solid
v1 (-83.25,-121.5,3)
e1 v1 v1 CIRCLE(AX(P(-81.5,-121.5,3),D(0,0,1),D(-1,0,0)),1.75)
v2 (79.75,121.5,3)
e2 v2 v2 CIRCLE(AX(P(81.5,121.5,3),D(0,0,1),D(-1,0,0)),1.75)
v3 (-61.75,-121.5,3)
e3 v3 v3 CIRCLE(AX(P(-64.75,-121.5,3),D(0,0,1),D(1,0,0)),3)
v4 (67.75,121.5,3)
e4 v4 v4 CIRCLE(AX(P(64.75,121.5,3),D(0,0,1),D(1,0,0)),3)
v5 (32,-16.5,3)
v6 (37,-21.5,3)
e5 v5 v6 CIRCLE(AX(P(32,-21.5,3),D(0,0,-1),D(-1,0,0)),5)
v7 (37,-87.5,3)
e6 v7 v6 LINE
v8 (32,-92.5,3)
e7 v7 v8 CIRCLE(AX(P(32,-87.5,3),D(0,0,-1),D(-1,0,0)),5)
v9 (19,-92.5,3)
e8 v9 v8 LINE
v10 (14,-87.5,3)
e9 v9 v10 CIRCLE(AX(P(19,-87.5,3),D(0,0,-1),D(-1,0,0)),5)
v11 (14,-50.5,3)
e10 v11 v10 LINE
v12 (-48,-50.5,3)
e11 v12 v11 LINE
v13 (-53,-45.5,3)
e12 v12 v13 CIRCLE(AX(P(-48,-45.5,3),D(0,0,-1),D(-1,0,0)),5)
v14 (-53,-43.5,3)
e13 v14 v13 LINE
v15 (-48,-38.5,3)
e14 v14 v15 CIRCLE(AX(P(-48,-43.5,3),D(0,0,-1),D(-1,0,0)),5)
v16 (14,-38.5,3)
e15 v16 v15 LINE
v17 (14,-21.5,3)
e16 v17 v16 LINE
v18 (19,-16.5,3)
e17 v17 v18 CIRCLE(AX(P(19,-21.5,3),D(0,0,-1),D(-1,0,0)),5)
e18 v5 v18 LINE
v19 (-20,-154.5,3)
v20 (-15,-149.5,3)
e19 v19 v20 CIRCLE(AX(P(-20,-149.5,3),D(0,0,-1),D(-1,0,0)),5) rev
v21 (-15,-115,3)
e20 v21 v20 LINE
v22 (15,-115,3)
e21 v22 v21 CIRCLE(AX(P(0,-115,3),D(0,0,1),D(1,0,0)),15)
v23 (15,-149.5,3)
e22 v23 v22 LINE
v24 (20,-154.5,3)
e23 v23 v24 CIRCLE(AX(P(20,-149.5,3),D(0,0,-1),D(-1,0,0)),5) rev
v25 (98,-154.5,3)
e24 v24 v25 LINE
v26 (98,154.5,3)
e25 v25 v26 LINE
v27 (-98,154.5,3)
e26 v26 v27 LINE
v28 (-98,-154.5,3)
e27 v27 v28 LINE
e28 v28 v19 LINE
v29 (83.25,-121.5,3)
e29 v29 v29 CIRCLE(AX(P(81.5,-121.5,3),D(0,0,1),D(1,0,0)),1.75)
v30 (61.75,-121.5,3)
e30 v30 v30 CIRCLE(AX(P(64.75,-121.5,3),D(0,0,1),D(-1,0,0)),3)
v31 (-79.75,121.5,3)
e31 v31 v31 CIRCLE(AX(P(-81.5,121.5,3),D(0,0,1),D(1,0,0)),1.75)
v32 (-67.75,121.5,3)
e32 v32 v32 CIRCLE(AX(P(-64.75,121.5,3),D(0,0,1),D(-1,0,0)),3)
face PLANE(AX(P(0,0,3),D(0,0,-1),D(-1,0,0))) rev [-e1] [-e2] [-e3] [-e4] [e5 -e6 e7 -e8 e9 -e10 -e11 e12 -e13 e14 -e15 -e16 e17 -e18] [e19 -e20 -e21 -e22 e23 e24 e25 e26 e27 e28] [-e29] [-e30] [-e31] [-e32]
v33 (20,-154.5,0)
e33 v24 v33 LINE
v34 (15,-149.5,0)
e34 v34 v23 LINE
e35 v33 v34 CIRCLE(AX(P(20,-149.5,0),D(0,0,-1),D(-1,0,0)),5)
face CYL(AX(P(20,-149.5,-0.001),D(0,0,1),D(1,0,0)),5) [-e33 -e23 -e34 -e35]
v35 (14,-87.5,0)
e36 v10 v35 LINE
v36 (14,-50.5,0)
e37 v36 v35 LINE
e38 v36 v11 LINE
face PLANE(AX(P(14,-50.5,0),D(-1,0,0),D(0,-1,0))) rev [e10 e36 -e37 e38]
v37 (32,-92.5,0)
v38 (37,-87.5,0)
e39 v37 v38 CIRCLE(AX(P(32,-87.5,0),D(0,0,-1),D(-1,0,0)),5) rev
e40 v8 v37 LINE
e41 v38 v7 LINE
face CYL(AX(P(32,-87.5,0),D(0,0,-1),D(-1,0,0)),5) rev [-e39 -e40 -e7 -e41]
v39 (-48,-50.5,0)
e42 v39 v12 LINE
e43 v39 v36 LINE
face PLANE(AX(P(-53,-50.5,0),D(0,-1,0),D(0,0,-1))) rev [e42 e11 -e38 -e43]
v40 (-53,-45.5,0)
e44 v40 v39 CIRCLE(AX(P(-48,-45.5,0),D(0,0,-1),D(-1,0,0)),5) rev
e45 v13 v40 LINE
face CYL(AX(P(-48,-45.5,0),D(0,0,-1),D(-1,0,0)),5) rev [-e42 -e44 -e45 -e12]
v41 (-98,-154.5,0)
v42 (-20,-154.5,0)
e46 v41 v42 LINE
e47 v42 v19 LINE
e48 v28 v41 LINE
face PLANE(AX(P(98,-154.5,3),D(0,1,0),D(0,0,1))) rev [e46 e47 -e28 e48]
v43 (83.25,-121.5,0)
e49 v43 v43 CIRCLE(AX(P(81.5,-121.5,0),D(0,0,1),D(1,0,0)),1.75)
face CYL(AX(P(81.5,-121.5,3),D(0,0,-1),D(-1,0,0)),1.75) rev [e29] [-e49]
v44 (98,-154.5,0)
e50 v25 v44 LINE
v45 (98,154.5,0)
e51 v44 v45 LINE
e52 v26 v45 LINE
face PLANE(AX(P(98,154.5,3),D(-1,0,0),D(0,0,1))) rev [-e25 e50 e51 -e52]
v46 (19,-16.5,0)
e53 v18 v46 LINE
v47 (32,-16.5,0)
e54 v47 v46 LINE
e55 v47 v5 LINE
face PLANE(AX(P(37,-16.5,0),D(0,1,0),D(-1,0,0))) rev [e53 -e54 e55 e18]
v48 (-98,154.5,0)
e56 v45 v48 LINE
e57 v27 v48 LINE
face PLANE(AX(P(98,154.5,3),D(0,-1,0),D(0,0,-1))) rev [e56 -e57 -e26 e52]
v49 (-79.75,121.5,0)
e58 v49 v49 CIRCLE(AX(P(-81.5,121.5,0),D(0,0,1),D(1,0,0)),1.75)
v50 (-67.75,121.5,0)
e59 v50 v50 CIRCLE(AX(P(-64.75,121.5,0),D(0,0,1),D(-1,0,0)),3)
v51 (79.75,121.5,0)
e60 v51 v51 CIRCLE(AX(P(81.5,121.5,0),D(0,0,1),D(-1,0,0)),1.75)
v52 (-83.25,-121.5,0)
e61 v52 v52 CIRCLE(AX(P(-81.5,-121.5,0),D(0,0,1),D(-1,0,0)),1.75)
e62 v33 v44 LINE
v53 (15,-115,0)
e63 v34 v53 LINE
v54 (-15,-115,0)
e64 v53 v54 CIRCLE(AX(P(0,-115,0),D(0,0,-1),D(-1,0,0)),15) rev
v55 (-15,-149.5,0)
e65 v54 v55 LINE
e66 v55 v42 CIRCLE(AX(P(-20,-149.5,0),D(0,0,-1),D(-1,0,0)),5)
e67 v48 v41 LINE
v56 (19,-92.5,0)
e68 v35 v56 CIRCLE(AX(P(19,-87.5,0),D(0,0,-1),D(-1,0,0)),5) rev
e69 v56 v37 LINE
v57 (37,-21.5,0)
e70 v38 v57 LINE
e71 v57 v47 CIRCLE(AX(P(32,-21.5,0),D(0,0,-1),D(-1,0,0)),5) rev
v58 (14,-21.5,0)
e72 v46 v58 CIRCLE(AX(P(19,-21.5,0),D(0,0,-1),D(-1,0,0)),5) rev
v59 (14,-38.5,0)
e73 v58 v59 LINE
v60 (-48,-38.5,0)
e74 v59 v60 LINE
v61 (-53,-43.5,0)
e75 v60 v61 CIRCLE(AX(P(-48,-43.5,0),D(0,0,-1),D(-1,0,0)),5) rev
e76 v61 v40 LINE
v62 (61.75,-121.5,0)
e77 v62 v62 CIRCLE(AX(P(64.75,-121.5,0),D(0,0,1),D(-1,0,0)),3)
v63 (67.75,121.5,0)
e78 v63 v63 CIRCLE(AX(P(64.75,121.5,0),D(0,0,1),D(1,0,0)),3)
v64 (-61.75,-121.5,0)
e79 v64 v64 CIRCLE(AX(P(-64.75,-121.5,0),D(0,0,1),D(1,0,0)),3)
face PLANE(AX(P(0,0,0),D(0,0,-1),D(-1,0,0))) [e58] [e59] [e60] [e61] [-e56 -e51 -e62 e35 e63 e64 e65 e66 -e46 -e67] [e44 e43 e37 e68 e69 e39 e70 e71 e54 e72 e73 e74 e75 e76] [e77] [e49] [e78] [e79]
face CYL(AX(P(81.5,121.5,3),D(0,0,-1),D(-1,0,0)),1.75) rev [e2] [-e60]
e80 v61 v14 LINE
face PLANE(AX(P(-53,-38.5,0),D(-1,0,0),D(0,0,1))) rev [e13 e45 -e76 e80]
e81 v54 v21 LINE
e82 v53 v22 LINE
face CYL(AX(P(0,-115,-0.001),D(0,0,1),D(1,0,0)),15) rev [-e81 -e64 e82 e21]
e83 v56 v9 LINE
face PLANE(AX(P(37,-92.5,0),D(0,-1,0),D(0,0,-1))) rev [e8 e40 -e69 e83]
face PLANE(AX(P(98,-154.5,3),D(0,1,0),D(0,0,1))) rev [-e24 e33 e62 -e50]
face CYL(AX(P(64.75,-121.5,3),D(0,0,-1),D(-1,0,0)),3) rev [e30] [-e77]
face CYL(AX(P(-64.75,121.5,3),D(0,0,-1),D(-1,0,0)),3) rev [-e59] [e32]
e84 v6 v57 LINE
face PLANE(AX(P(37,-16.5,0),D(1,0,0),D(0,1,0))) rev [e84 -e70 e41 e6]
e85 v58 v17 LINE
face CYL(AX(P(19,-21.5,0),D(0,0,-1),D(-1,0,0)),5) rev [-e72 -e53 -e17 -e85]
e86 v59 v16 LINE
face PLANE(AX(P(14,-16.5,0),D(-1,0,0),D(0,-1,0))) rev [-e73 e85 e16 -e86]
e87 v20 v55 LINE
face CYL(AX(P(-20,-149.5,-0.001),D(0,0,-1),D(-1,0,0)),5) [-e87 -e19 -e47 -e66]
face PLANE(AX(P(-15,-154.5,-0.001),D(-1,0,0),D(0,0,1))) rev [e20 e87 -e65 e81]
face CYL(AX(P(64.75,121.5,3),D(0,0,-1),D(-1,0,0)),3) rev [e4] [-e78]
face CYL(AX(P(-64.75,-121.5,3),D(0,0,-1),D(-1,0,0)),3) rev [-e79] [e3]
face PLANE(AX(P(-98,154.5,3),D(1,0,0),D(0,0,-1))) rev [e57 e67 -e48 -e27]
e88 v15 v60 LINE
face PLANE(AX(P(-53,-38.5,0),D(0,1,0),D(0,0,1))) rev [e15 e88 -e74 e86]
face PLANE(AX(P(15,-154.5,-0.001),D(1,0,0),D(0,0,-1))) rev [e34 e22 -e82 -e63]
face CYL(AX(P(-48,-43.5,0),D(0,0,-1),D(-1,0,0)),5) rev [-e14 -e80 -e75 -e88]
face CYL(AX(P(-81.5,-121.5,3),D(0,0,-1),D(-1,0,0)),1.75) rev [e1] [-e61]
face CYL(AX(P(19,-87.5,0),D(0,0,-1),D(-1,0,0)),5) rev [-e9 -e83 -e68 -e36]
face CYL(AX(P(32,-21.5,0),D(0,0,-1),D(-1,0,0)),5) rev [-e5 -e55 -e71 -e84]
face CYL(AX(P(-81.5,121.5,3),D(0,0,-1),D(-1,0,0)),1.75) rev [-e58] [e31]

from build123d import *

# Parameters (mm, degrees)
ESQUISSE1_W             = 196
ESQUISSE1_H             = 309
ESQUISSE1_R             = 1.75
ESQUISSE1_R_2           = 3
BOSS_EXTRU_1_DEPTH      = 3
ENL_V_MAT_EXTRU_1_REACH = 5
CONG_1_R                = 5
ENL_V_MAT_EXTRU_2_DEPTH = 4
CONG_2_R                = 5


with BuildPart() as part:
    # Esquisse1 → Boss.-Extru.1 (new body)
    with BuildSketch(Plane.XY):
        Rectangle(ESQUISSE1_W, ESQUISSE1_H)
        with Locations((-81.5, 121.5)):
            Circle(ESQUISSE1_R, mode=Mode.SUBTRACT)
        with Locations((81.5, 121.5)):
            Circle(ESQUISSE1_R, mode=Mode.SUBTRACT)
        with Locations((81.5, -121.5)):
            Circle(ESQUISSE1_R, mode=Mode.SUBTRACT)
        with Locations((-81.5, -121.5)):
            Circle(ESQUISSE1_R, mode=Mode.SUBTRACT)
        with Locations((64.75, 121.5)):
            Circle(ESQUISSE1_R_2, mode=Mode.SUBTRACT)
        with Locations((-64.75, 121.5)):
            Circle(ESQUISSE1_R_2, mode=Mode.SUBTRACT)
        with Locations((-64.75, -121.5)):
            Circle(ESQUISSE1_R_2, mode=Mode.SUBTRACT)
        with Locations((64.75, -121.5)):
            Circle(ESQUISSE1_R_2, mode=Mode.SUBTRACT)
    extrude(amount=BOSS_EXTRU_1_DEPTH)

    # Esquisse2 → Enlèv. mat.-Extru.1 (cut, up to next)
    with BuildSketch(Plane.XY.offset(3), mode=Mode.PRIVATE) as enl_v_mat_extru_1_sk1:
        with BuildLine():
            Line((-15, -154.5), (-15, -115))
            ThreePointArc((-15, -115), (0, -100), (15, -115))
            Line((15, -115), (15, -154.5))
            ThreePointArc((15, -154.5), (0, -169.5), (-15, -154.5))
        make_face()
    enl_v_mat_extru_1_tool1 = extrude(enl_v_mat_extru_1_sk1.sketch, amount=-ENL_V_MAT_EXTRU_1_REACH, mode=Mode.PRIVATE) & part.part
    add(enl_v_mat_extru_1_tool1.solids().sort_by_distance((0, -134.75, 3))[0], mode=Mode.SUBTRACT)

    # Congé1
    cong_1_edges = [part.edges().sort_by_distance(p)[0] for p in [
        (-15, -154.5, 1.5),
        (15, -154.5, 1.5),
    ]]
    fillet(cong_1_edges, radius=CONG_1_R)

    # Esquisse3 → Enlèv. mat.-Extru.2 (cut, through all)
    with BuildSketch(Plane.XY.offset(3)):
        Polygon((-53, -38.5), (14, -38.5), (14, -16.5), (37, -16.5), (37, -92.5), (14, -92.5), (14, -50.5), (-53, -50.5), align=None)
    extrude(amount=-ENL_V_MAT_EXTRU_2_DEPTH, mode=Mode.SUBTRACT)

    # Congé2
    cong_2_edges = [part.edges().sort_by_distance(p)[0] for p in [
        (-53, -50.5, 1.5),
        (-53, -38.5, 1.5),
        (14, -16.5, 1.5),
        (37, -16.5, 1.5),
        (37, -92.5, 1.5),
        (14, -92.5, 1.5),
    ]]
    fillet(cong_2_edges, radius=CONG_2_R)


solid = part.part
